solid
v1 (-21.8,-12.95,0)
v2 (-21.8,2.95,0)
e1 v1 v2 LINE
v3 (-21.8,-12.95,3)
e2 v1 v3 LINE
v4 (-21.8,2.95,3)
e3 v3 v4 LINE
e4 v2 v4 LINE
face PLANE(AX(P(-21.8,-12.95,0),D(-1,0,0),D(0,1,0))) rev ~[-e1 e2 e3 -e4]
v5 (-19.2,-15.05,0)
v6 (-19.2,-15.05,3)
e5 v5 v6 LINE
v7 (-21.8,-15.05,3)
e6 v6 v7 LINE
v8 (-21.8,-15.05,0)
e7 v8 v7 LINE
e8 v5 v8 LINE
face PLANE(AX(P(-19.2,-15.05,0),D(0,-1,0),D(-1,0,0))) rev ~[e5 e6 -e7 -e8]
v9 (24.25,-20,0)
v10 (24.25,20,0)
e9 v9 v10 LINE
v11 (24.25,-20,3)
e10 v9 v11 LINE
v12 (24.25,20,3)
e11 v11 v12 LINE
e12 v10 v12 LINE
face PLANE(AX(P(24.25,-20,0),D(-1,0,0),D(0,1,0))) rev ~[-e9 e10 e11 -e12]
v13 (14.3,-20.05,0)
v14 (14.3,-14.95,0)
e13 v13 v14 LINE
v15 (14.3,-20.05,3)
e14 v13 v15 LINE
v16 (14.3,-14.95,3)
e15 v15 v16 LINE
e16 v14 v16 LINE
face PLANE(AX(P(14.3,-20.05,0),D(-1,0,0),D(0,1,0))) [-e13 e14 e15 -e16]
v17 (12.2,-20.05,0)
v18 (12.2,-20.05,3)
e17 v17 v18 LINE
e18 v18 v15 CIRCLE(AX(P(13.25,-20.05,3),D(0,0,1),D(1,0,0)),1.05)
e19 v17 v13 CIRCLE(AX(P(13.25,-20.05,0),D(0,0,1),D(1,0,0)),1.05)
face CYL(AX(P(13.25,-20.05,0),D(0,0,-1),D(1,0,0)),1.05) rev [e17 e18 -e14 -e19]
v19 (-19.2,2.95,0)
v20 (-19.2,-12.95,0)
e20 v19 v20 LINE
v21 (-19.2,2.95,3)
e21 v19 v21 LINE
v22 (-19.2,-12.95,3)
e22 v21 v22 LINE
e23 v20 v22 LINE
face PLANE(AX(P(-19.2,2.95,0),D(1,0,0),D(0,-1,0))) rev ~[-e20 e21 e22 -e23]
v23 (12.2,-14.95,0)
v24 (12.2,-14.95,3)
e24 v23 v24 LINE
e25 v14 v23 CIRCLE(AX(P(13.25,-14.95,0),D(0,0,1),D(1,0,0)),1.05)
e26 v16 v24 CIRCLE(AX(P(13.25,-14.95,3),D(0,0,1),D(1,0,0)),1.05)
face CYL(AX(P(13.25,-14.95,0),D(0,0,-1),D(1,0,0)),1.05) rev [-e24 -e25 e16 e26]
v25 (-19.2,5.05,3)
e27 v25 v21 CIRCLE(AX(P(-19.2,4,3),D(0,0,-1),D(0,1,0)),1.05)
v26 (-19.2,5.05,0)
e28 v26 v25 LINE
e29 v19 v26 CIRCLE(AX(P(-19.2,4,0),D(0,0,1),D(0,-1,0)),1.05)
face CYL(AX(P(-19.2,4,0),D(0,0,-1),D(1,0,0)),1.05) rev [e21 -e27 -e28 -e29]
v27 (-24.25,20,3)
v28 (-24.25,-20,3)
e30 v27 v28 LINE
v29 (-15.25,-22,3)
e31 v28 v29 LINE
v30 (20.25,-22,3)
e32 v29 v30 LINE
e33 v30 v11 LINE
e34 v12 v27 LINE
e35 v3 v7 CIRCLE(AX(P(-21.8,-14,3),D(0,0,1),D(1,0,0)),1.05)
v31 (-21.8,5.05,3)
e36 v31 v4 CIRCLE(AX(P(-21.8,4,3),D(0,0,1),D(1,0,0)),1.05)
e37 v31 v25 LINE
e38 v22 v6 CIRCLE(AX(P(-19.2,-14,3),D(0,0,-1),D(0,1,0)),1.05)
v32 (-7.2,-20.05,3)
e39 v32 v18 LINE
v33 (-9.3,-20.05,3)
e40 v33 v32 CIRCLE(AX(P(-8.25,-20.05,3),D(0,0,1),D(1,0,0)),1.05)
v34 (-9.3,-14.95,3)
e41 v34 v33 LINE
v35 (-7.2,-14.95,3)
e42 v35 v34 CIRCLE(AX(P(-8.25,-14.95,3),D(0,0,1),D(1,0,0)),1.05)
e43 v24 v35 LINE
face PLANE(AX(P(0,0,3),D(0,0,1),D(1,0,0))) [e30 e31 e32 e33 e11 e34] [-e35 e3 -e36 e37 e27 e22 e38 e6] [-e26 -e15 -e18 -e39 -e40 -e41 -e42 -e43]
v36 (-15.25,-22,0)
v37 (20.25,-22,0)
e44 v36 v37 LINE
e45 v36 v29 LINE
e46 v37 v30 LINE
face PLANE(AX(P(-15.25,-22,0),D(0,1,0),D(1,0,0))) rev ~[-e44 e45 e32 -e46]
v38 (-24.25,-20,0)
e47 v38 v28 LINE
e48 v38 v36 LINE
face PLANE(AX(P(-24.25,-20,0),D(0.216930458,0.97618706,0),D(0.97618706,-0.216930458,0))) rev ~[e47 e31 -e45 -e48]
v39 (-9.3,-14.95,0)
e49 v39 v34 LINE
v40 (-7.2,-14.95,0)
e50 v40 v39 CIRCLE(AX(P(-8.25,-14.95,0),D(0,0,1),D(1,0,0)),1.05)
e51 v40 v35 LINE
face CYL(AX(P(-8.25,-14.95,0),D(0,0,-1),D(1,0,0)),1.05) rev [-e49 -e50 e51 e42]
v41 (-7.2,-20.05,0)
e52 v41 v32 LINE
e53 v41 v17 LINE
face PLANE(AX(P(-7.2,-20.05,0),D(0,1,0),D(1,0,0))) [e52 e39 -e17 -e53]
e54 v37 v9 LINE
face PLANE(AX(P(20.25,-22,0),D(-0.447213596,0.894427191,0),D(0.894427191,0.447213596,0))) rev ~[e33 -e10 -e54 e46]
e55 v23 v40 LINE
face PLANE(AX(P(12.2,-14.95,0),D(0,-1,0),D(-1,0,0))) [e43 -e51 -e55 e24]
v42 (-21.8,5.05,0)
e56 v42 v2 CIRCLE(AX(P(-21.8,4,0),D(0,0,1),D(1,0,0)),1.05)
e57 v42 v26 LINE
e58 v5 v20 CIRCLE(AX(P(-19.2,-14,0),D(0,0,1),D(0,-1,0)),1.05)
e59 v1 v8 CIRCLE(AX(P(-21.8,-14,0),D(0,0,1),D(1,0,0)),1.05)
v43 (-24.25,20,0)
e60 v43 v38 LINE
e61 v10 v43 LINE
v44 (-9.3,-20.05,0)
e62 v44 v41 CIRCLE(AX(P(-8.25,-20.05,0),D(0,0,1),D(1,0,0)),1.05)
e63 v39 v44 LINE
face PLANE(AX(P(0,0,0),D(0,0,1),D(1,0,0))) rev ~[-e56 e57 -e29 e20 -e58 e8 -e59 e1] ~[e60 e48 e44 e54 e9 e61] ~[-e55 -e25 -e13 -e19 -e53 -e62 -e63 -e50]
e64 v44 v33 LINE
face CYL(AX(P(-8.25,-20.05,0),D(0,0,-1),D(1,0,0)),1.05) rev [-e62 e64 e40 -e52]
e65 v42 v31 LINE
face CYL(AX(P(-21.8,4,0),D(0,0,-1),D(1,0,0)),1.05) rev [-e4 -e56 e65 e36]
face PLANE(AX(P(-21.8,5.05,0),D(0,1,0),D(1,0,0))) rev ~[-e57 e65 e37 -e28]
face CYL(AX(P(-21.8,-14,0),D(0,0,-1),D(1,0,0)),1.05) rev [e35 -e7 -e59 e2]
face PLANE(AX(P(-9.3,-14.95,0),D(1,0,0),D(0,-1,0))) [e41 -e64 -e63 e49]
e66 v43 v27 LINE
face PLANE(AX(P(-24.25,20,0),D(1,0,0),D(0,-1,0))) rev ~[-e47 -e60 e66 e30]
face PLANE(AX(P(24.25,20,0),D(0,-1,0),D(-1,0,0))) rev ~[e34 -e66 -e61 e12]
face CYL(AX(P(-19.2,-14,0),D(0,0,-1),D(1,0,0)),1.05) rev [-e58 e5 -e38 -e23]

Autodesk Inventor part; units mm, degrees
ref_plane "YZ Plane" through (0, 0, 0) normal (1, 0, 0) x (0, 1, 0)
ref_plane "XZ Plane" through (0, 0, 0) normal (0, 1, 0) x (-1, 0, 0)
ref_plane "XY Plane" through (0, 0, 0) normal (0, 0, 1) x (1, 0, 0)
sketch "スケッチ1" plane through (0, 0, 0) normal (0, 0, 1) x (1, 0, 0)
  line L0 (-24.25, -20) -> (24.25, -20) construction
  line L1 (24.25, -20) -> (24.25, 20)
  line L2 (24.25, 20) -> (-24.25, 20)
  line L3 (-24.25, 20) -> (-24.25, -20)
  line L4 (-24.25, -20) -> (24.25, 20) construction
  line L5 (24.25, -20) -> (-24.25, 20) construction
  circle A0 centre (-15.25, -17.5) radius 1.55
  circle A1 centre (20.25, -17.5) radius 1.55
  line L6 (-9.25, -15) -> (14.25, -15) construction
  line L7 (14.25, -15) -> (14.25, -20) construction
  line L8 (14.25, -20) -> (-9.25, -20) construction
  line L9 (-9.25, -20) -> (-9.25, -15) construction
  line L10 (-24.25, -20) -> (-15.25, -22)
  line L11 (-15.25, -22) -> (20.25, -22)
  line L12 (20.25, -22) -> (24.25, -20)
  line L13 (14.3, -14.95) -> (-9.3, -14.95)
  line L14 (-9.3, -14.95) -> (-9.3, -20.05)
  line L15 (-9.3, -20.05) -> (14.3, -20.05)
  line L16 (14.3, -20.05) -> (14.3, -14.95)
  circle A2 centre (-8.25, -14.95) radius 1.05
  circle A3 centre (-8.25, -20.05) radius 1.05
  circle A4 centre (13.25, -14.95) radius 1.05
  circle A5 centre (13.25, -20.05) radius 1.05
  circle A6 centre (-19.25, 15) radius 1.55
  line L17 (-21.8, 5.05) -> (-19.2, 5.05)
  line L18 (-19.2, 5.05) -> (-19.2, -15.05)
  line L19 (-19.2, -15.05) -> (-21.8, -15.05)
  line L20 (-21.8, -15.05) -> (-21.8, 5.05)
  line L21 (-19.25, 5) -> (-21.75, 5) construction
  line L22 (-21.75, 5) -> (-21.75, -15) construction
  line L23 (-21.75, -15) -> (-19.25, -15) construction
  line L24 (-19.25, -15) -> (-19.25, 5) construction
  line L25 (2.5, -14.95) -> (2.5, -20.05) construction
  circle A7 centre (19.25, 0) radius 1.55
  line L26 (-19.25, 15) -> (19.25, 15) construction
  line L27 (19.25, 15) -> (19.25, 0) construction
  circle A8 centre (-21.8, 4) radius 1.05
  circle A9 centre (-19.2, 4) radius 1.05
  circle A10 centre (-21.8, -14) radius 1.05
  circle A11 centre (-19.2, -14) radius 1.05
  point P0 (0, 0)
  point P1 (-9.25, -17.5)
  dimension "d10" = 2.1
  dimension "d26" = 2.1
  dimension "d0" = 5
  dimension "d3" = 3.1
  dimension "d4" = 35.5
  dimension "d5" = 2
  dimension "d7" = 40
  dimension "d8" = 23.5
  dimension "d9" = 0.05
  dimension "d11" = 3.1
  dimension "d12" = 5
  dimension "d13" = 5
  dimension "d14" = 0.05
  dimension "d15" = 17.75
  dimension "d16" = 48.5
  dimension "d17" = 4
  dimension "d18" = 5
  dimension "d19" = 20
  dimension "d20" = 2.5
  dimension "d21" = 2.5
  dimension "d22" = 5
  dimension "d23" = 15
  dimension "d27" = 25
extrude "押し出し1" add sketch "スケッチ1" along normal blind 3
sketch "スケッチ3" plane through (0, 0, 3) normal (0, 0, 1) x (1, 0, 0)
  circle A0 centre (-19.25, 15) radius 1.55 projected
  circle A1 centre (-19.25, 15) radius 1.55
  circle A2 centre (-15.25, -17.5) radius 1.55 projected
  circle A3 centre (-15.25, -17.5) radius 1.55
  circle A4 centre (20.25, -17.5) radius 1.55 projected
  circle A5 centre (20.25, -17.5) radius 1.55
  circle A6 centre (19.25, 0) radius 1.55 projected
  circle A7 centre (19.25, 0) radius 1.55
  point P0 (0, 0)
extrude "押し出し3" add sketch "スケッチ3" against normal up to surface (3 mm away)
equation "\"d13\" = d12"
equation "\"d15\" = 0.5 * d4"
equation "\"d18\" = d13"
properties part number "コックピット_サブフレーム_1_5" material "アセタール樹脂、黒"
